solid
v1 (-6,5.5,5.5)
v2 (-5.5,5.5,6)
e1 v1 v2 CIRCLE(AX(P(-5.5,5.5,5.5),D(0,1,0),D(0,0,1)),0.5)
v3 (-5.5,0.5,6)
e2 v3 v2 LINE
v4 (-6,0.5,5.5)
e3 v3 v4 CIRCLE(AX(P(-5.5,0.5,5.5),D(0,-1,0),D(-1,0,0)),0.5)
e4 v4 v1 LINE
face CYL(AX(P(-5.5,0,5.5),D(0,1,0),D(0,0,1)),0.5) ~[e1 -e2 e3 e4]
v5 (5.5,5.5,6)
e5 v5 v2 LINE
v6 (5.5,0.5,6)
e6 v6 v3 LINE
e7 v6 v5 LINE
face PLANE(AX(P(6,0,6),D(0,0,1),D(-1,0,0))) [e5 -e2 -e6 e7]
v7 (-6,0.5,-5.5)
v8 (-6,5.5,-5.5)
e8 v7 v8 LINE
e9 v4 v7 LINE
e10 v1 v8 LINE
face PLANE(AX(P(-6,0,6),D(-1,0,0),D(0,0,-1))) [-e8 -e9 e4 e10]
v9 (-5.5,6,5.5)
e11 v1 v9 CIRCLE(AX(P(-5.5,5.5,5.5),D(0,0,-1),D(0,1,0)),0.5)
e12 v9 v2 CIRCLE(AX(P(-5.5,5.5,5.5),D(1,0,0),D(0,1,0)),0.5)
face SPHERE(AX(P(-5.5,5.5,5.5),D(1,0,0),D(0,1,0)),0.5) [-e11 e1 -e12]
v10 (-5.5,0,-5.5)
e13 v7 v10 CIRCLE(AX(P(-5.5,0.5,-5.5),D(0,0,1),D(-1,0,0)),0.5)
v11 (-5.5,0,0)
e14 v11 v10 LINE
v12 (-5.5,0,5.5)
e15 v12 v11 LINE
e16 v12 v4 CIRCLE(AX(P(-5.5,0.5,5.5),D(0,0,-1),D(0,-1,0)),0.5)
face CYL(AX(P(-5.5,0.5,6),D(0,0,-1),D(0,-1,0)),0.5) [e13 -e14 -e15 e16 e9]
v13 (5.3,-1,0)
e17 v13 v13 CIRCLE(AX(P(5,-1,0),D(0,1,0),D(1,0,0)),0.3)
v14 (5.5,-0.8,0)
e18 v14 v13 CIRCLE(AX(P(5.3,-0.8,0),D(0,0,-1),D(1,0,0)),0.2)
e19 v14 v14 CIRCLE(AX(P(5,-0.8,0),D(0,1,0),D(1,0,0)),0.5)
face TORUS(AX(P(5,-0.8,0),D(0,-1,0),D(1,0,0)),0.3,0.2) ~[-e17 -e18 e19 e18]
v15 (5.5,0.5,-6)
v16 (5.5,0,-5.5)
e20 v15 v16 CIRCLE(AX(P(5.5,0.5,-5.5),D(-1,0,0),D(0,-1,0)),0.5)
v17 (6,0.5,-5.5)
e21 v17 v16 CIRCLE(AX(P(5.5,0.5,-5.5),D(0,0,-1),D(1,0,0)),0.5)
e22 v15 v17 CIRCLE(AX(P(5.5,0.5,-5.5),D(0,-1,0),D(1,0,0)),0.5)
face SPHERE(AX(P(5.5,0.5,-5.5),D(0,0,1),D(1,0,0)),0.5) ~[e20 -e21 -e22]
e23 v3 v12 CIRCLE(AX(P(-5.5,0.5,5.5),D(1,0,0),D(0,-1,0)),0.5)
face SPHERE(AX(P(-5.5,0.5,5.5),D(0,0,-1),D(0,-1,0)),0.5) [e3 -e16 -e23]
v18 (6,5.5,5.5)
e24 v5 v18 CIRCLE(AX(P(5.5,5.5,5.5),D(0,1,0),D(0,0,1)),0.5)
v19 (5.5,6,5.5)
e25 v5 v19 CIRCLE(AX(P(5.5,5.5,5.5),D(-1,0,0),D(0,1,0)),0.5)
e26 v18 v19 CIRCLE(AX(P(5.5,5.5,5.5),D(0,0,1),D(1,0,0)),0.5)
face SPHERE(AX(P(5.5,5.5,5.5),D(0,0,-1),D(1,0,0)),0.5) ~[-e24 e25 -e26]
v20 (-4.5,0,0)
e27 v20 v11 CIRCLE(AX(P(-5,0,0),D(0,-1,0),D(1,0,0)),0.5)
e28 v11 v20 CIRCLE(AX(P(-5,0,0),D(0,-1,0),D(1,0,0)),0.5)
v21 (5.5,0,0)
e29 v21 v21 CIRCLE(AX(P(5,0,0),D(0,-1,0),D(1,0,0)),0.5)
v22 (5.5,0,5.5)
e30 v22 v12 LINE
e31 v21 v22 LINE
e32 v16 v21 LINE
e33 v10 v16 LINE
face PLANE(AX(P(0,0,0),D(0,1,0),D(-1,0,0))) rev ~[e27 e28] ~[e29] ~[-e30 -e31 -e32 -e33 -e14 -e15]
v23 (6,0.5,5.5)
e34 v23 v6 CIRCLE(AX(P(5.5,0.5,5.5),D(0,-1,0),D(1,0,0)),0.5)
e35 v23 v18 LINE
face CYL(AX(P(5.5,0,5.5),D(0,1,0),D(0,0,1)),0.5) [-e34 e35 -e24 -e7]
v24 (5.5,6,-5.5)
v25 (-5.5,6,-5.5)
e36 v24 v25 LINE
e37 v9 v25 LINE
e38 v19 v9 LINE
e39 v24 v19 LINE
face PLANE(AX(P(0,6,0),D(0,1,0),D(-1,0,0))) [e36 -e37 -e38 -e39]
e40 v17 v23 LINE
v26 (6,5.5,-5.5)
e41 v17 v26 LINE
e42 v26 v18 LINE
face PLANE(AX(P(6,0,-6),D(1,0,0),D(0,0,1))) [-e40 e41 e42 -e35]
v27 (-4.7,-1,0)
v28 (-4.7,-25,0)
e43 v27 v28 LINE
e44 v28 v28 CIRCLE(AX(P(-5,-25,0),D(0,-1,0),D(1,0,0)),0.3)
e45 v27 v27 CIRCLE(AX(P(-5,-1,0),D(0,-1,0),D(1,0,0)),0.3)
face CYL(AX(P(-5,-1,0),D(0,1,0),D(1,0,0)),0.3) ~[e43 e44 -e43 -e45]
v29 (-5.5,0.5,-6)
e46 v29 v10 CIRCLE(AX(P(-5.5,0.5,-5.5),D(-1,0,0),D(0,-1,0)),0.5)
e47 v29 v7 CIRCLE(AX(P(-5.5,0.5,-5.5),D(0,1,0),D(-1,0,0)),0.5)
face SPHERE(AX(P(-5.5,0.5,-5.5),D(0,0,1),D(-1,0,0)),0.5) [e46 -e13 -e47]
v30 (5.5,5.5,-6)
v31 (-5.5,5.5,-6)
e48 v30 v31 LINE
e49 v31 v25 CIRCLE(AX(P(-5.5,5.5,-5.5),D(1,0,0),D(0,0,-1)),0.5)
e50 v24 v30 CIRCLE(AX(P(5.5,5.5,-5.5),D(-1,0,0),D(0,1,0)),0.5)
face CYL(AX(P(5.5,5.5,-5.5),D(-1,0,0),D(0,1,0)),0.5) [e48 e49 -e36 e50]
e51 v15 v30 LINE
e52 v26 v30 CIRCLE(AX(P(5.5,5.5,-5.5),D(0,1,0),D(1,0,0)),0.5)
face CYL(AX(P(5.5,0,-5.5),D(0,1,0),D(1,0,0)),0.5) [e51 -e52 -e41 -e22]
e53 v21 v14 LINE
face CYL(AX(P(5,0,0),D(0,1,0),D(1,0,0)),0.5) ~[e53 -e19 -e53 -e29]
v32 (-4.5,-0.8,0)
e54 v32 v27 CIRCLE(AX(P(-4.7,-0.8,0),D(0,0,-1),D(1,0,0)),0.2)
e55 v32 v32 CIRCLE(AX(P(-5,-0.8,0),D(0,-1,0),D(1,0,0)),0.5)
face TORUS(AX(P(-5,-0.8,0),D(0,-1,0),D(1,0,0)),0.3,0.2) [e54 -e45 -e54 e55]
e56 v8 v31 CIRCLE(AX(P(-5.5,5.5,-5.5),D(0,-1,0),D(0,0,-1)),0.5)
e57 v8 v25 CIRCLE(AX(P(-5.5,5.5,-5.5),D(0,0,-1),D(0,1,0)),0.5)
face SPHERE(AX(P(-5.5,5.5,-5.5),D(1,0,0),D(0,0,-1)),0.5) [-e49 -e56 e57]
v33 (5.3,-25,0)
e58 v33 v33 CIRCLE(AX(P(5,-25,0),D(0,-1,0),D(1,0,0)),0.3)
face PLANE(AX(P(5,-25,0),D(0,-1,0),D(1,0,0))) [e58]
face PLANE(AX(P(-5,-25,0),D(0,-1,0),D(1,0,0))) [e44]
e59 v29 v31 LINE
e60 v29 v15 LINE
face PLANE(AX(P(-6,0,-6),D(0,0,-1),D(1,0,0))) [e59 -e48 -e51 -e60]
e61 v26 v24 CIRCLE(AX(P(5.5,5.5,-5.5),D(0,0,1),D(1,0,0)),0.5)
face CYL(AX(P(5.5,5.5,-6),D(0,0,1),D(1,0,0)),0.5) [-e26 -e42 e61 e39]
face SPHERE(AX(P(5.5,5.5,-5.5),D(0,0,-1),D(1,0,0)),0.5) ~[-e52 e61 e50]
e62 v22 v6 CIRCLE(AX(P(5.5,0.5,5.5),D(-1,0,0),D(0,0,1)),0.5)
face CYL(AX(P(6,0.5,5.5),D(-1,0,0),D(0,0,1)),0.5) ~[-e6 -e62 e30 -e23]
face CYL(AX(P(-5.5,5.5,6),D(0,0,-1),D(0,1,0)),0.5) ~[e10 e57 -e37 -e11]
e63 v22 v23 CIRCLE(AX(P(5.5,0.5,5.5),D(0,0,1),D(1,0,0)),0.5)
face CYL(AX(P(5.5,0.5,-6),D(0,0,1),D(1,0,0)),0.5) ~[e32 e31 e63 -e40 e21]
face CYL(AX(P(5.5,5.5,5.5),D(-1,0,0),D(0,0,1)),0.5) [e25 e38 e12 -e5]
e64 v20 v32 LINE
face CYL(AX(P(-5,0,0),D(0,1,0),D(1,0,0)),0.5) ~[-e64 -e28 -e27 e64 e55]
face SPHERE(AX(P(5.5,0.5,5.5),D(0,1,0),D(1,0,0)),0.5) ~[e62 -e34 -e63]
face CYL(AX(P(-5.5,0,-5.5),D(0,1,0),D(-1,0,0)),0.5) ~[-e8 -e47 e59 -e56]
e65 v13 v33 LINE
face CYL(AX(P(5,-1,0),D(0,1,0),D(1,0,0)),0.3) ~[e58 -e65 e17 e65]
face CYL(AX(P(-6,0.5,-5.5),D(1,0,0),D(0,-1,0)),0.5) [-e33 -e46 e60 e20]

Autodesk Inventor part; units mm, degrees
ref_plane "YZ Plane" through (0, 0, 0) normal (1, 0, 0) x (0, 1, 0)
ref_plane "XZ Plane" through (0, 0, 0) normal (0, 1, 0) x (-1, 0, 0)
ref_plane "XY Plane" through (0, 0, 0) normal (0, 0, 1) x (1, 0, 0)
sketch "Эскиз7" plane through (0, 0, 0) normal (0, 1, 0) x (-1, 0, 0)
  line L0 (-6, 6) -> (6, 6)
  line L1 (6, 6) -> (6, -6)
  line L2 (6, -6) -> (-6, -6)
  line L3 (-6, -6) -> (-6, 6)
  line L4 (-6, 6) -> (6, -6) construction
  line L5 (6, 6) -> (-6, -6) construction
  point P0 (0, 0)
  dimension "d12" = 12
  dimension "d13" = 12
extrude "Выдавливание2" add sketch "Эскиз7" along normal blind 6
fillet "Сопряжение1" radius 0.5 1 edges at (6, 6, 0)
fillet "Сопряжение2" radius 0.5 13 edges at (6, 2.75, 6) (5.8536, 5.8536, 6) (-0.25, 6, 6) (-6, 0, 0) (6, 0, 0) (5.8536, 5.8536, -6) (-0.25, 6, -6) (6, 2.75, -6) (-6, 3, -6) (-6, 6, 0) (0, 0, 6) (-6, 3, 6) (0, 0, -6)
sketch "Эскиз8" plane through (0, 0, 0) normal (0, -1, 0) x (1, 0, 0)
  line L0 (0, 0) -> (-5, 0)
  line L1 (0, 0) -> (5, 0)
  circle A0 centre (-5, 0) radius 0.5
  circle A1 centre (5, 0) radius 0.5
  line L2 (5.5, -5.5) -> (5.5, 5.5) projected
  dimension "d18" = 5
  dimension "d19" = 5
extrude "Выдавливание3" add sketch "Эскиз8" along normal blind 1
fillet "Сопряжение3" radius 0.2 1 edges at (-5.5, -1, 0)
fillet "Сопряжение4" radius 0.2 1 edges at (4.5, -1, 0)
sketch "Эскиз10" plane through (-5, -1, 0) normal (0, -1, 0) x (1, 0, 0)
  circle A0 centre (0, 0) radius 0.3
  point P0 (5, 0)
extrude "Выдавливание4" add sketch "Эскиз10" along normal blind 24
sketch "Эскиз11" plane through (5, -1, 0) normal (0, -1, 0) x (1, 0, 0)
  circle A0 centre (0, 0) radius 0.3 projected
  circle A1 centre (0, 0) radius 0.3
  point P0 (-5, 0)
extrude "Выдавливание5" add sketch "Эскиз11" along normal blind 24
equation "\"Радиус_гибки\" = Толщина"
equation "\"Ширина_просечки\" = Толщина"
equation "\"Глубина_просечки\" = 0.5 * Толщина"
equation "\"Размер_просечки\" = 4 * Толщина"
equation "\"Мин_остаток\" = 2 * Толщина"
equation "\"Радиус_перехода\" = Радиус_гибки"
equation "\"Радиус_Якоби\" = Радиус_гибки"
equation "\"Размер_зазора\" = Толщина"
equation "\"Толщина\" = 0.5"
